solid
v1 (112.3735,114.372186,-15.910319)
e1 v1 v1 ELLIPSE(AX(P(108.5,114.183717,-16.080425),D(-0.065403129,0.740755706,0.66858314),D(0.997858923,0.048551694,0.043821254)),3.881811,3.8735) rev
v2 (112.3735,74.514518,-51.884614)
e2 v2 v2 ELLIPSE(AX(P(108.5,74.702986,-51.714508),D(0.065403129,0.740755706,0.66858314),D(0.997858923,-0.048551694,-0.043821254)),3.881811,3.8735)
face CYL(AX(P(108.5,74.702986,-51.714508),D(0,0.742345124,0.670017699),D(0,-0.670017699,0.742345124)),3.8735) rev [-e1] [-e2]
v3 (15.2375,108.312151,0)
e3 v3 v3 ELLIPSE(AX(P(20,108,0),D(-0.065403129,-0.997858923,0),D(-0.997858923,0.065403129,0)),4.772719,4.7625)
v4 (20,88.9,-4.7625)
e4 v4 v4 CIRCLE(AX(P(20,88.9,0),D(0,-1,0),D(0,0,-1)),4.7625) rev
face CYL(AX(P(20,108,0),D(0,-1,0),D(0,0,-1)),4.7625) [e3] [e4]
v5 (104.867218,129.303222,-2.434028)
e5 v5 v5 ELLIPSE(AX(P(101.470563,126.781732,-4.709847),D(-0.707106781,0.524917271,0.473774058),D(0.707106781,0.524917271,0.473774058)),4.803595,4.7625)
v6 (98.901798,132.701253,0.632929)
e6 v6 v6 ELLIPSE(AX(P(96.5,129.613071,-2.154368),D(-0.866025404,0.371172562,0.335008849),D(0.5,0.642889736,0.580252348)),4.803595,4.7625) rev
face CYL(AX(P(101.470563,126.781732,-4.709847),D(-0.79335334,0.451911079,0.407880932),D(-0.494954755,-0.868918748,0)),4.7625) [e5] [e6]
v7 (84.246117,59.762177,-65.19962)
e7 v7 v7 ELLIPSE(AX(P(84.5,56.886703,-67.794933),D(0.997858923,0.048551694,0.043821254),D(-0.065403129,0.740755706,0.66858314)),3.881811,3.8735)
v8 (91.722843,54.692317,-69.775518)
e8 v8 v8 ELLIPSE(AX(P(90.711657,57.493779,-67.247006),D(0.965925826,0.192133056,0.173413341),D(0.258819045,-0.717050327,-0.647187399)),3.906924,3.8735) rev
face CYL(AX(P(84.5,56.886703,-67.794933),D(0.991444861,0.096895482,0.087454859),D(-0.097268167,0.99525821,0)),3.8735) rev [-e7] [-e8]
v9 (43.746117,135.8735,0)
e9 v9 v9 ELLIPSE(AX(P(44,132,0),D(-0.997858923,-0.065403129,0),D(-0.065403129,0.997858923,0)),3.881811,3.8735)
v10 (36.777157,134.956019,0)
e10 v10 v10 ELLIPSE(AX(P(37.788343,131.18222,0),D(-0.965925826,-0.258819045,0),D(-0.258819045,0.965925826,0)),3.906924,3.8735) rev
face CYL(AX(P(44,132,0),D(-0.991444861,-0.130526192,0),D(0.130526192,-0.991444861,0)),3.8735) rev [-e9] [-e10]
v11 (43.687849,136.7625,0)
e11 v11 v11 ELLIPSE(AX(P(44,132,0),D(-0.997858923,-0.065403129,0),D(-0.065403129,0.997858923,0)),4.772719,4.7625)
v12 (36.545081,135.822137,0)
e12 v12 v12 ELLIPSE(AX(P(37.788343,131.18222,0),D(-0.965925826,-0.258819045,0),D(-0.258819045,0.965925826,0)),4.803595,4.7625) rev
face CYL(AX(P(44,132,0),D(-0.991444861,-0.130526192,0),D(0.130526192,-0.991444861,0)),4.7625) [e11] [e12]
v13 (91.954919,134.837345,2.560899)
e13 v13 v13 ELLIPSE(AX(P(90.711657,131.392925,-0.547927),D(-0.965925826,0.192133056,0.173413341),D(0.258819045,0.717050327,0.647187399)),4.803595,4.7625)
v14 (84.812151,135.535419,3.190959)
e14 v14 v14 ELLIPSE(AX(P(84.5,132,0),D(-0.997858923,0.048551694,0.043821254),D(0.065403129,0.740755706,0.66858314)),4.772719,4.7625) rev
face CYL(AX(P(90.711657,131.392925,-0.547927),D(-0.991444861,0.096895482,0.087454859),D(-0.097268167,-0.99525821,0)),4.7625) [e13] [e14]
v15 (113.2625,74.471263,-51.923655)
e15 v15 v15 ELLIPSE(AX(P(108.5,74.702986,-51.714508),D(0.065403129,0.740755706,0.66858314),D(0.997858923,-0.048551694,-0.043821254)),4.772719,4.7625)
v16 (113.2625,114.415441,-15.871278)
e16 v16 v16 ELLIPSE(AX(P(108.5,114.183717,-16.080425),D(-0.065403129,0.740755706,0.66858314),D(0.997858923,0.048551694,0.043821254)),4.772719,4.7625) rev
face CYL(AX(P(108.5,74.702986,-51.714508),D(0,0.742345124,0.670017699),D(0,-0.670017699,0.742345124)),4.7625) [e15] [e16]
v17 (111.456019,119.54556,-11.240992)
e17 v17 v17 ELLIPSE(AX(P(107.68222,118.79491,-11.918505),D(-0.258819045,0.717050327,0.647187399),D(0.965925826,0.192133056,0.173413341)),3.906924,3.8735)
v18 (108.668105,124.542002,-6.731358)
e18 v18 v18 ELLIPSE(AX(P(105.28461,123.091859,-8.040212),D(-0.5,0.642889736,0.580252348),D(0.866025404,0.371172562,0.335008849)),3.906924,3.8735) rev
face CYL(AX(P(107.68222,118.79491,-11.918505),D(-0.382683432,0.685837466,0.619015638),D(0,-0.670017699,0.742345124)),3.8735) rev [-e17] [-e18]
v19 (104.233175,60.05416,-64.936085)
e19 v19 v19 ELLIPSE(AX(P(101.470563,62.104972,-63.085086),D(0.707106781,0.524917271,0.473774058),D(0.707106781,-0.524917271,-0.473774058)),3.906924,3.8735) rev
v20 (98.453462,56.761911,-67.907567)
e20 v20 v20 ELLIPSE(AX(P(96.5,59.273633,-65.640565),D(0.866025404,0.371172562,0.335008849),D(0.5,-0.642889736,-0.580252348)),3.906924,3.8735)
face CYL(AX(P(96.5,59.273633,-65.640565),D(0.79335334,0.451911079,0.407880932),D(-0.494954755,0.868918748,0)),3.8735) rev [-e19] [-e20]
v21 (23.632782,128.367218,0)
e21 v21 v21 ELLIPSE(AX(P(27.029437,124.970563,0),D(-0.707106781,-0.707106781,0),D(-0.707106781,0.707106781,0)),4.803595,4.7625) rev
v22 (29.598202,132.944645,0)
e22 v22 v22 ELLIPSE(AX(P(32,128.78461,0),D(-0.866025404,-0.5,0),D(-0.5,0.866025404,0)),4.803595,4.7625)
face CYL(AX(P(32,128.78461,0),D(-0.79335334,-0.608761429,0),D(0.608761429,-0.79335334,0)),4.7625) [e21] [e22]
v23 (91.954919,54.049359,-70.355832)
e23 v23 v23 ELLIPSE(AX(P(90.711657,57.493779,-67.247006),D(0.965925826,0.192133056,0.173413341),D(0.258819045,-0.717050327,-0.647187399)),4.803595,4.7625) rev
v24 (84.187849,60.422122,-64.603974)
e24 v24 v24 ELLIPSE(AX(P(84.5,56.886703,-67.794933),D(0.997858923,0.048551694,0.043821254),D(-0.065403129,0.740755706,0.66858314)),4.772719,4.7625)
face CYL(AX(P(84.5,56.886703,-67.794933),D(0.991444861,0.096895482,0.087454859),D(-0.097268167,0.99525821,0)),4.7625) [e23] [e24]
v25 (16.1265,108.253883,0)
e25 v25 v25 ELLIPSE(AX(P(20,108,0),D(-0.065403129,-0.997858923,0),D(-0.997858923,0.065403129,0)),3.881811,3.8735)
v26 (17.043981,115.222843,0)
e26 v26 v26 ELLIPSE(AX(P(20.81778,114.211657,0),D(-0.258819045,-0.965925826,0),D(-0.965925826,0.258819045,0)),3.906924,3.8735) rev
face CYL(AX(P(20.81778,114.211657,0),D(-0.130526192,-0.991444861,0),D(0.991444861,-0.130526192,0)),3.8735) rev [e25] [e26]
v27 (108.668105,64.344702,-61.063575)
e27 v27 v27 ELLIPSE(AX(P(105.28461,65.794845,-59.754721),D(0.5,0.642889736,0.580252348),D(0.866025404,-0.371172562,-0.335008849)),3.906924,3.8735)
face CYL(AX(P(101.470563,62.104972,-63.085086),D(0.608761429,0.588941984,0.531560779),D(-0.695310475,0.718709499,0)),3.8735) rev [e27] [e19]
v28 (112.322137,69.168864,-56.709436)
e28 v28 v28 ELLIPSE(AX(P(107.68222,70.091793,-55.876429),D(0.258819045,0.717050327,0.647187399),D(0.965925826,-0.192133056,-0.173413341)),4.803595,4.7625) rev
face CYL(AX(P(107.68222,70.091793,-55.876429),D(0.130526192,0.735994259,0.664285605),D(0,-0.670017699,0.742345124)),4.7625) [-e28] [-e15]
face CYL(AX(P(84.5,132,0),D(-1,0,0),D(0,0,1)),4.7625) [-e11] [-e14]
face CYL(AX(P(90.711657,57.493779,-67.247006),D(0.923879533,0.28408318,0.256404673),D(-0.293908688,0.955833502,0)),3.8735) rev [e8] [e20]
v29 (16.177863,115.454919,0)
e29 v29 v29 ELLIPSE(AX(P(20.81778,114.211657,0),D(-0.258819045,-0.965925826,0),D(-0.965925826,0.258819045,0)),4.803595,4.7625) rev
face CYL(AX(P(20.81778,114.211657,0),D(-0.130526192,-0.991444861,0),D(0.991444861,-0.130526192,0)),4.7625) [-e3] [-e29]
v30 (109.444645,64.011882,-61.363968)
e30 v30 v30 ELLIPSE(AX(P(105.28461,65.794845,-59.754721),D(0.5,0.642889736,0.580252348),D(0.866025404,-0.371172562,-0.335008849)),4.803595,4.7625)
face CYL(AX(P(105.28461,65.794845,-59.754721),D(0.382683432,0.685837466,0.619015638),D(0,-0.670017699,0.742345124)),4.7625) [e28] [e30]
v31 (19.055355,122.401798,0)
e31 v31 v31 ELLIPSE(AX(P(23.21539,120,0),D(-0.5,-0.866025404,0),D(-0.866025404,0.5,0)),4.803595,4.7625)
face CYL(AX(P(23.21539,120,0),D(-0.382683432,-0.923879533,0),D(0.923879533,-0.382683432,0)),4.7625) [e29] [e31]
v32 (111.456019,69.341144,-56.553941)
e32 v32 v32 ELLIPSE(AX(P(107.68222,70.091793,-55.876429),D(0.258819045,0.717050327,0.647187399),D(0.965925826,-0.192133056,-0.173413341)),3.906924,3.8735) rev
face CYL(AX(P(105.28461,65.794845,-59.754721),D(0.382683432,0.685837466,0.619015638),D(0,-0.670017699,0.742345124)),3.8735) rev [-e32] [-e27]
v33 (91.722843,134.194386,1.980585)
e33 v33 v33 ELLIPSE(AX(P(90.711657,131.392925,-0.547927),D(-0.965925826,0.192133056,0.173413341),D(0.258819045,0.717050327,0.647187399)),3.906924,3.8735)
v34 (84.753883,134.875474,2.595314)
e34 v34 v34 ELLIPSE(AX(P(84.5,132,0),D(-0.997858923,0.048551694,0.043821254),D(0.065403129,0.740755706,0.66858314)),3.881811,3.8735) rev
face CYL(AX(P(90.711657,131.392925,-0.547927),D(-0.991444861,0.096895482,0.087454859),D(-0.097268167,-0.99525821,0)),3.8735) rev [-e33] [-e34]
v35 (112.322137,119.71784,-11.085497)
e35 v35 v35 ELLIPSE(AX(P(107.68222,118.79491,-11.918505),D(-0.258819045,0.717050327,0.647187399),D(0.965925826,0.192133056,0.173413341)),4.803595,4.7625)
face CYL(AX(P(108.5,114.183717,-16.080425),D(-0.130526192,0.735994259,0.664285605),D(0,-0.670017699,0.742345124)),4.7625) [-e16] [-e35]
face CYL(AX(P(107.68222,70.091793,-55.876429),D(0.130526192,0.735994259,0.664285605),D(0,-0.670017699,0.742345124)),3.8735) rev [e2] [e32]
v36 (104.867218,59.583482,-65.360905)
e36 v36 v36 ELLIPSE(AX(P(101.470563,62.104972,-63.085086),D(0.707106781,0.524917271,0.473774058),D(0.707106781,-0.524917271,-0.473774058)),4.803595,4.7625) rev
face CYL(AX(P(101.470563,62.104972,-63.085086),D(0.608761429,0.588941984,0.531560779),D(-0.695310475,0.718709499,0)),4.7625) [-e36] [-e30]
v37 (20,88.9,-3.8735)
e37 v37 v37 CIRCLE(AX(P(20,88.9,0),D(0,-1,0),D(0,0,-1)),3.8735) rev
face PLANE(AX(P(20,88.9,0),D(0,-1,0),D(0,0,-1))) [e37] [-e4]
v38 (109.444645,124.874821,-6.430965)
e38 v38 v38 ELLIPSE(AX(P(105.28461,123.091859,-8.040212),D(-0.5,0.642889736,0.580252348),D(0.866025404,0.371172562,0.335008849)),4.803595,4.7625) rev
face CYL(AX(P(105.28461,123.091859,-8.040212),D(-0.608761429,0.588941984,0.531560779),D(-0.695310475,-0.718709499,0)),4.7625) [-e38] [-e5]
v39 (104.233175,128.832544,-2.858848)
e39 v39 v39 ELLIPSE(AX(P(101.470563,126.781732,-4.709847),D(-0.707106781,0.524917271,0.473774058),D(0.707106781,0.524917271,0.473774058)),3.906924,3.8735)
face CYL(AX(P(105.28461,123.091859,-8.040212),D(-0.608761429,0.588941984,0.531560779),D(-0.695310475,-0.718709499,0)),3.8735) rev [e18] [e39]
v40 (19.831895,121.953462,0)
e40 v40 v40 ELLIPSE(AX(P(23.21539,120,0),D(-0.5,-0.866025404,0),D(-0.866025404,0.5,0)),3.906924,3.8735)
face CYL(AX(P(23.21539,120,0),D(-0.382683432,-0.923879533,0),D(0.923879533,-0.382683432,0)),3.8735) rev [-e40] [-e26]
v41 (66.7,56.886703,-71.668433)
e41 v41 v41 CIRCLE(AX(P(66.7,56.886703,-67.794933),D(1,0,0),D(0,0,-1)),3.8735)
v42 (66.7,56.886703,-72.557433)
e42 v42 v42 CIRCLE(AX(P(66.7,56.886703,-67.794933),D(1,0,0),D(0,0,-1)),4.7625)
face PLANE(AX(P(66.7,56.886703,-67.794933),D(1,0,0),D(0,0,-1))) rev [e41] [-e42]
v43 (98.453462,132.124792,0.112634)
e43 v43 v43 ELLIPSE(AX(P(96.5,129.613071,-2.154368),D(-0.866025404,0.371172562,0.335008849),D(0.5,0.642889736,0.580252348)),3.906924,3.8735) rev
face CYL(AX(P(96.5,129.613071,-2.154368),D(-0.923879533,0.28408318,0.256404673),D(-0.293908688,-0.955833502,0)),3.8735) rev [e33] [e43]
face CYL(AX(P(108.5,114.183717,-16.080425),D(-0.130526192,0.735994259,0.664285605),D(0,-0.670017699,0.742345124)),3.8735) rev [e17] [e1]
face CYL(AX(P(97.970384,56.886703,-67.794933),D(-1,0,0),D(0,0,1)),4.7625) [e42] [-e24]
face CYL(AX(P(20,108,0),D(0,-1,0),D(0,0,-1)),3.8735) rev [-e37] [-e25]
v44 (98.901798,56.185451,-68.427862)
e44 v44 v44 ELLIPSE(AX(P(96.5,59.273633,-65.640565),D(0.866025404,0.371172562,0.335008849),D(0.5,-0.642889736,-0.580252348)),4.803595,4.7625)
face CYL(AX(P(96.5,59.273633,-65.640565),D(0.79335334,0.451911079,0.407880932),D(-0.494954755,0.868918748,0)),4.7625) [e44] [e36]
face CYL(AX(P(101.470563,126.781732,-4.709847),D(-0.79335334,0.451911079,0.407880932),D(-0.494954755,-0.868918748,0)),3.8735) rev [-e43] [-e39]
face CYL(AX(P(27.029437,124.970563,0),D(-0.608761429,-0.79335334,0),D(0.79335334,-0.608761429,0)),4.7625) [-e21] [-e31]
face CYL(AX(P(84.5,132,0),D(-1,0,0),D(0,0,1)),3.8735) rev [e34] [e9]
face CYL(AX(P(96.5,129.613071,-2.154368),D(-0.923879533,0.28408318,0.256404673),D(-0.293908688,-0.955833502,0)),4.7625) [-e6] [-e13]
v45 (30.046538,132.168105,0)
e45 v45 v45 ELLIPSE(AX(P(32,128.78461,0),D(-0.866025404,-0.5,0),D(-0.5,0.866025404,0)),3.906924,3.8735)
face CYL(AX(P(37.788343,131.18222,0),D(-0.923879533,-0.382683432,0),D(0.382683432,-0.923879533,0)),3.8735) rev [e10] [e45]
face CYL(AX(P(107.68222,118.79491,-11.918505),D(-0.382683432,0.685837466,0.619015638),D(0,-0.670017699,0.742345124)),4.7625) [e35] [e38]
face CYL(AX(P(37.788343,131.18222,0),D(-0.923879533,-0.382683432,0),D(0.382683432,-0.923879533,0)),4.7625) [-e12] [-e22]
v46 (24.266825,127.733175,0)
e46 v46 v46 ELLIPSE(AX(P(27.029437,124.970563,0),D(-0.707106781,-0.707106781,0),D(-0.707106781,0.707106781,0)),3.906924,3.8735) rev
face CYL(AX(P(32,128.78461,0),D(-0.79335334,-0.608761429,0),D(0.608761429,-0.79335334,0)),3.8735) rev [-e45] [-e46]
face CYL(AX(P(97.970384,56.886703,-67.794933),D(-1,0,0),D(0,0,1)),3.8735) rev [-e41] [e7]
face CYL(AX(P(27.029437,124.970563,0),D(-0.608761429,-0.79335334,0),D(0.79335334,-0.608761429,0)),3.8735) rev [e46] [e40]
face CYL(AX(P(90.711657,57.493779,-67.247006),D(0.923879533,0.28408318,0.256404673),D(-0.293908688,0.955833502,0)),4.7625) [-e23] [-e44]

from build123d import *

# Parameters (mm, degrees)
PROFILE_R   = 4.7625
PROFILE_R_2 = 3.8735


with BuildPart() as part:
    # Tube: sweep along a curve in space
    with BuildLine() as tube_path:
        Line((66.7, 56.886703457, -67.794933216), (84.5, 56.886703457, -67.794933216))
        Line((84.5, 56.886703457, -67.794933216), (90.711657082, 57.493778578, -67.247006029))
        Line((90.711657082, 57.493778578, -67.247006029), (96.5, 59.273632775, -65.6405648))
        Line((96.5, 59.273632775, -65.6405648), (101.470562748, 62.104971926, -63.085085844))
        Line((101.470562748, 62.104971926, -63.085085844), (105.284609691, 65.794844946, -59.754720829))
        Line((105.284609691, 65.794844946, -59.754720829), (107.682219831, 70.091793087, -55.876428627))
        Line((107.682219831, 70.091793087, -55.876428627), (108.5, 74.702986434, -51.714508442))
        Line((108.5, 74.702986434, -51.714508442), (108.5, 114.183717023, -16.080424774))
        Line((108.5, 114.183717023, -16.080424774), (107.682219831, 118.794910371, -11.918504589))
        Line((107.682219831, 118.794910371, -11.918504589), (105.284609691, 123.091858512, -8.040212387))
        Line((105.284609691, 123.091858512, -8.040212387), (101.470562748, 126.781731532, -4.709847372))
        Line((101.470562748, 126.781731532, -4.709847372), (96.5, 129.613070682, -2.154368416))
        Line((96.5, 129.613070682, -2.154368416), (90.711657082, 131.392924879, -0.547927187))
        Line((90.711657082, 131.392924879, -0.547927187), (84.5, 132, 0))
        Line((84.5, 132, 0), (44, 132, 0))
        Line((44, 132, 0), (37.788342918, 131.182219831, 0))
        Line((37.788342918, 131.182219831, 0), (32, 128.784609691, 0))
        Line((32, 128.784609691, 0), (27.029437252, 124.970562748, 0))
        Line((27.029437252, 124.970562748, 0), (23.215390309, 120, 0))
        Line((23.215390309, 120, 0), (20.817780169, 114.211657082, 0))
        Line((20.817780169, 114.211657082, 0), (20, 108, 0))
        Line((20, 108, 0), (20, 88.9, 0))
    # Profile → Tube (sweep)
    with BuildSketch(Plane(origin=(66.7, 0, 0), x_dir=(0, 0, -1), z_dir=(1, 0, 0))):
        with Locations((67.794933216, 56.886703457)):
            Circle(PROFILE_R)
        with Locations((67.794933216, 56.886703457)):
            Circle(PROFILE_R_2, mode=Mode.SUBTRACT)
    sweep(path=tube_path.line, transition=Transition.RIGHT)


solid = part.part
